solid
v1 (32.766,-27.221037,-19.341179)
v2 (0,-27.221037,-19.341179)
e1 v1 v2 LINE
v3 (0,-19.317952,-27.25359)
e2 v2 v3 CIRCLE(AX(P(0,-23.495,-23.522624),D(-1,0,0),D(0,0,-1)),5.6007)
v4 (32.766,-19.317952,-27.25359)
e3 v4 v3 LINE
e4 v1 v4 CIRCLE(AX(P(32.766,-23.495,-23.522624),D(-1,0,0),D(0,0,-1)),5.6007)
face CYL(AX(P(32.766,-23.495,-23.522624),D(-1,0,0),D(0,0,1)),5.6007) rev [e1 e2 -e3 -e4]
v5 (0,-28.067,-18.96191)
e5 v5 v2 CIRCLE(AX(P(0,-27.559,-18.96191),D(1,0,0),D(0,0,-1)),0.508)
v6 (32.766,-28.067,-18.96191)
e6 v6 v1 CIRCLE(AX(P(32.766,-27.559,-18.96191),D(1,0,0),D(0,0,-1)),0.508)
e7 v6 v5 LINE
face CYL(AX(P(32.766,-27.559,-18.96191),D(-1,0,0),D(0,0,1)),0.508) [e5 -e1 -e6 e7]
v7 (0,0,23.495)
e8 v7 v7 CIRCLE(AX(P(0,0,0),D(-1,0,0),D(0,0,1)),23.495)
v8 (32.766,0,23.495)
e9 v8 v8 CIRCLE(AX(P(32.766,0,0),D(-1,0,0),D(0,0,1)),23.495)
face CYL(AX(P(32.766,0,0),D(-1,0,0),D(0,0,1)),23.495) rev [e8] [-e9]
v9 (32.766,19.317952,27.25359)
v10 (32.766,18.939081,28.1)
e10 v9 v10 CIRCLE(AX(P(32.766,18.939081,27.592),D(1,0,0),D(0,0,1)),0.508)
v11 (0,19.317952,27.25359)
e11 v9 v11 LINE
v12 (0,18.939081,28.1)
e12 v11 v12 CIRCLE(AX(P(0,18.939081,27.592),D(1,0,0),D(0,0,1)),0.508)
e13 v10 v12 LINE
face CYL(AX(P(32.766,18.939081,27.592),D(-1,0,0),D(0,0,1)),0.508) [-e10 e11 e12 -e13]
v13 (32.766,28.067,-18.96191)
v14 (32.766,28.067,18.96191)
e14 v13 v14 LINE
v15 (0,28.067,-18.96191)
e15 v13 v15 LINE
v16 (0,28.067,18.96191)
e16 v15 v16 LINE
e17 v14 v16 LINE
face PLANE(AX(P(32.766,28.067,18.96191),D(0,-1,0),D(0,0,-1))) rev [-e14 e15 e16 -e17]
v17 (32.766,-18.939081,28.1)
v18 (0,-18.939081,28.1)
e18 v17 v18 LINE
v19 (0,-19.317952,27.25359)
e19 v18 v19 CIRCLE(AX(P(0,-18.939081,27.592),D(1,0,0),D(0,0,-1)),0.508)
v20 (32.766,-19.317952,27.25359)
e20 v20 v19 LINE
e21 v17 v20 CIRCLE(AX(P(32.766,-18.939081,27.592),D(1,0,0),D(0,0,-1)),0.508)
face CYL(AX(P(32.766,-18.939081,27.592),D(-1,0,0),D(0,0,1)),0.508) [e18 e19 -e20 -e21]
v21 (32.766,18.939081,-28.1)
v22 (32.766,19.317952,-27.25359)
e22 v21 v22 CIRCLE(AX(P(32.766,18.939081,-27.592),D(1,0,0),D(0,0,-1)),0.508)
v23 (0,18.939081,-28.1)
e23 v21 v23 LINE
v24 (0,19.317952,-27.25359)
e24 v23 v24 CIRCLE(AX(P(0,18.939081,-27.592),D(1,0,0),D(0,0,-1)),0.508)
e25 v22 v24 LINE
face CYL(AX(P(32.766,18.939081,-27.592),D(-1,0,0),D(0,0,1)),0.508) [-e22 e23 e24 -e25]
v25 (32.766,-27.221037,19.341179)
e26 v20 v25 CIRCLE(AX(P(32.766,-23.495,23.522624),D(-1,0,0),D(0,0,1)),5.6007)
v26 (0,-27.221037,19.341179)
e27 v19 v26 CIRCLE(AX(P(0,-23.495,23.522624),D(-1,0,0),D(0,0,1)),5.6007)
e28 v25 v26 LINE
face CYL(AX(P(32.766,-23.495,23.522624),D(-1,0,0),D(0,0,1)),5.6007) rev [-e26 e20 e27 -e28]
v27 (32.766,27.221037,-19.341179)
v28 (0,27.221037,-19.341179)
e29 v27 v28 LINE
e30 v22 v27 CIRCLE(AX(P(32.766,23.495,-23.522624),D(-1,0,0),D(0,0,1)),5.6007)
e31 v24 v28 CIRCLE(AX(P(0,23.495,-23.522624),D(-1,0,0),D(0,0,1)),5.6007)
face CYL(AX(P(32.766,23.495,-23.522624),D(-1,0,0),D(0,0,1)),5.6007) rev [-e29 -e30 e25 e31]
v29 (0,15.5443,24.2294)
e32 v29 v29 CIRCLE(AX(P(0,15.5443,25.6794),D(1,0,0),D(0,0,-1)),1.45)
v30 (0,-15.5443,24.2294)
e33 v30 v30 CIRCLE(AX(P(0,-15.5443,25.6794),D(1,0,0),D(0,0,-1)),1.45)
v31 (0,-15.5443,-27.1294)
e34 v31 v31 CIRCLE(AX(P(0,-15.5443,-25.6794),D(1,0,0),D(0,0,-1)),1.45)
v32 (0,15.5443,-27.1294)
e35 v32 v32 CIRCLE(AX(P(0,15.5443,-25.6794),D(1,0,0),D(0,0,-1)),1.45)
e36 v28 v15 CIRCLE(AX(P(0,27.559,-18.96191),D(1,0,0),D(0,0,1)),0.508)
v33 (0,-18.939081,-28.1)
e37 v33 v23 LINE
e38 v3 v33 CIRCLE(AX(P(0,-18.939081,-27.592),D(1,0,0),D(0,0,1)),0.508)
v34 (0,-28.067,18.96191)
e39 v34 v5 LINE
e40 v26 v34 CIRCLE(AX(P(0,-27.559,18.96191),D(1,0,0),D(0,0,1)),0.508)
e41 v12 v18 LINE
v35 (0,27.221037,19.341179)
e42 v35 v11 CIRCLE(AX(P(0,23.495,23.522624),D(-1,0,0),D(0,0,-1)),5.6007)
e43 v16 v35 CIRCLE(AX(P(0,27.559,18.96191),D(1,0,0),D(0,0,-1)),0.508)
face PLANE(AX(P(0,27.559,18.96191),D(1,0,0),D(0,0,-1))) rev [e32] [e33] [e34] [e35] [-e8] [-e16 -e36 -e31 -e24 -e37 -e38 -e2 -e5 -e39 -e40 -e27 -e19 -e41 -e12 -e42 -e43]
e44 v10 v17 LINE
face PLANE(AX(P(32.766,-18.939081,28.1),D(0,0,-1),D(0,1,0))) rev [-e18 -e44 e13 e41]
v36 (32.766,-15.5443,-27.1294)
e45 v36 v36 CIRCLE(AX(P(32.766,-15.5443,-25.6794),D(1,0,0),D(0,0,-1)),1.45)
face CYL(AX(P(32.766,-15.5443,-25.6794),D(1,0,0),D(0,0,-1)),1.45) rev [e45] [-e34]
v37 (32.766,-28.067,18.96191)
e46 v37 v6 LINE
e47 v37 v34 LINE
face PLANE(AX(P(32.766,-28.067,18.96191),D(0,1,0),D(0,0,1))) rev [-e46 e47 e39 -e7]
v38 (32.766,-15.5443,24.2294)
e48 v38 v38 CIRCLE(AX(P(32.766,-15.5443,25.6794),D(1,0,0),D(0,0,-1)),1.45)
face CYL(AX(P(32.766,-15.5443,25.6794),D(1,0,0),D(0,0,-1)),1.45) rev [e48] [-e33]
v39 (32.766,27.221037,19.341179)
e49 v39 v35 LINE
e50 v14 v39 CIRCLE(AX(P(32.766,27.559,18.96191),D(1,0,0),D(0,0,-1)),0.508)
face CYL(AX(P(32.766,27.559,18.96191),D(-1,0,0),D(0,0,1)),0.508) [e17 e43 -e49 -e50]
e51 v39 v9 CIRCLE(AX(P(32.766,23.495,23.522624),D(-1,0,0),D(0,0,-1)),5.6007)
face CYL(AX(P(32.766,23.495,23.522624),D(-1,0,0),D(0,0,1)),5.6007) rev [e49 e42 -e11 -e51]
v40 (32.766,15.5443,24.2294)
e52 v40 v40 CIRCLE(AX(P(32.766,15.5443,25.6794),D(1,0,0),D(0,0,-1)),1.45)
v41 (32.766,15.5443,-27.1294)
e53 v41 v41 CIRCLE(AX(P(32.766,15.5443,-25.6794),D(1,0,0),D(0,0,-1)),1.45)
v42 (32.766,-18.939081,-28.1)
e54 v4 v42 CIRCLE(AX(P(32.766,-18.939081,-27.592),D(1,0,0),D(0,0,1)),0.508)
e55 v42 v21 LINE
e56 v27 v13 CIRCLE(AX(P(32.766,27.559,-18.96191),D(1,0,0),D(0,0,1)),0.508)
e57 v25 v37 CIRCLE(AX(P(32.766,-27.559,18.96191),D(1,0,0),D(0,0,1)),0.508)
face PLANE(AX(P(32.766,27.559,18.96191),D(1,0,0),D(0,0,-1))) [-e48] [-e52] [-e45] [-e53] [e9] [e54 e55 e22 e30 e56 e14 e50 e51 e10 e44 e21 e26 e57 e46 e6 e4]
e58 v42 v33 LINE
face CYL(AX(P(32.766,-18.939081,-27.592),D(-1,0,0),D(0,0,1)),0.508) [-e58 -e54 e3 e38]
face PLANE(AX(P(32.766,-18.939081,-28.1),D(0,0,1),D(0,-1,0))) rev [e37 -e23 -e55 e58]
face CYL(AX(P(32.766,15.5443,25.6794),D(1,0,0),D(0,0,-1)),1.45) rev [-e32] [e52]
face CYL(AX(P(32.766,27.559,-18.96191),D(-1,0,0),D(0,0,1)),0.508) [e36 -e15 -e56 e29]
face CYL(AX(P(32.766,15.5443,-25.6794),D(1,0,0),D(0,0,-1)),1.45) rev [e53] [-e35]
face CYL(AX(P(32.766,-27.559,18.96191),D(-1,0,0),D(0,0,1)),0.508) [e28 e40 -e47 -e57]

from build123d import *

# Parameters (mm, degrees)
BOSS_EXTRUDE1_DEPTH     = 32.766
SKETCH2_R               = 23.495
CUT_EXTRUDE1_DEPTH      = 52.487641673
M3_5X0_6_TAPPED_HOLE1_D = 2.9


with BuildPart() as part:
    # Sketch1 → Boss-Extrude1 (new body)
    with BuildSketch(Plane(origin=(0, 0, 0), x_dir=(0, 0, -1), z_dir=(1, 0, 0))):
        with BuildLine():
            Line((28.1, -18.939080971), (28.1, 18.939080971))
            ThreePointArc((28.1, 18.939080971), (27.799547486, 19.402749), (27.25359039, 19.317951577))
            ThreePointArc((27.25359039, 19.317951577), (19.564667335, 19.532372578), (19.341179036, 27.221037422))
            ThreePointArc((19.341179036, 27.221037422), (19.425455181, 27.766820849), (18.961909612, 28.067))
            Line((18.961909612, 28.067), (-18.961909612, 28.067))
            ThreePointArc((-18.961909612, 28.067), (-19.425455181, 27.766820849), (-19.341179036, 27.221037422))
            ThreePointArc((-19.341179036, 27.221037422), (-19.564667335, 19.532372578), (-27.25359039, 19.317951577))
            ThreePointArc((-27.25359039, 19.317951577), (-27.799547486, 19.402749), (-28.1, 18.939080971))
            Line((-28.1, 18.939080971), (-28.1, -18.939080971))
            ThreePointArc((-28.1, -18.939080971), (-27.799547486, -19.402749), (-27.25359039, -19.317951577))
            ThreePointArc((-27.25359039, -19.317951577), (-19.564667335, -19.532372578), (-19.341179036, -27.221037422))
            ThreePointArc((-19.341179036, -27.221037422), (-19.425455181, -27.766820849), (-18.961909612, -28.067))
            Line((-18.961909612, -28.067), (18.961909612, -28.067))
            ThreePointArc((18.961909612, -28.067), (19.425455181, -27.766820849), (19.341179036, -27.221037422))
            ThreePointArc((19.341179036, -27.221037422), (19.564667335, -19.532372578), (27.25359039, -19.317951577))
            ThreePointArc((27.25359039, -19.317951577), (27.799547486, -19.402749), (28.1, -18.939080971))
        make_face()
    extrude(amount=BOSS_EXTRUDE1_DEPTH)

    # Sketch2 → Cut-Extrude1 (cut, through all)
    with BuildSketch(Plane.ZY):
        Circle(SKETCH2_R)
    extrude(amount=-CUT_EXTRUDE1_DEPTH, mode=Mode.SUBTRACT)

    # M3.5x0.6 Tapped Hole1 (through all)
    with Locations(Plane(origin=(32.766, 0, 0), x_dir=(0, 0, -1), z_dir=(1, 0, 0))):
        with Locations((25.6794, 15.544299782), (25.6794, -15.544299782), (-25.6794, 15.544299782), (-25.6794, -15.544299782)):
            Hole(M3_5X0_6_TAPPED_HOLE1_D / 2)


solid = part.part
